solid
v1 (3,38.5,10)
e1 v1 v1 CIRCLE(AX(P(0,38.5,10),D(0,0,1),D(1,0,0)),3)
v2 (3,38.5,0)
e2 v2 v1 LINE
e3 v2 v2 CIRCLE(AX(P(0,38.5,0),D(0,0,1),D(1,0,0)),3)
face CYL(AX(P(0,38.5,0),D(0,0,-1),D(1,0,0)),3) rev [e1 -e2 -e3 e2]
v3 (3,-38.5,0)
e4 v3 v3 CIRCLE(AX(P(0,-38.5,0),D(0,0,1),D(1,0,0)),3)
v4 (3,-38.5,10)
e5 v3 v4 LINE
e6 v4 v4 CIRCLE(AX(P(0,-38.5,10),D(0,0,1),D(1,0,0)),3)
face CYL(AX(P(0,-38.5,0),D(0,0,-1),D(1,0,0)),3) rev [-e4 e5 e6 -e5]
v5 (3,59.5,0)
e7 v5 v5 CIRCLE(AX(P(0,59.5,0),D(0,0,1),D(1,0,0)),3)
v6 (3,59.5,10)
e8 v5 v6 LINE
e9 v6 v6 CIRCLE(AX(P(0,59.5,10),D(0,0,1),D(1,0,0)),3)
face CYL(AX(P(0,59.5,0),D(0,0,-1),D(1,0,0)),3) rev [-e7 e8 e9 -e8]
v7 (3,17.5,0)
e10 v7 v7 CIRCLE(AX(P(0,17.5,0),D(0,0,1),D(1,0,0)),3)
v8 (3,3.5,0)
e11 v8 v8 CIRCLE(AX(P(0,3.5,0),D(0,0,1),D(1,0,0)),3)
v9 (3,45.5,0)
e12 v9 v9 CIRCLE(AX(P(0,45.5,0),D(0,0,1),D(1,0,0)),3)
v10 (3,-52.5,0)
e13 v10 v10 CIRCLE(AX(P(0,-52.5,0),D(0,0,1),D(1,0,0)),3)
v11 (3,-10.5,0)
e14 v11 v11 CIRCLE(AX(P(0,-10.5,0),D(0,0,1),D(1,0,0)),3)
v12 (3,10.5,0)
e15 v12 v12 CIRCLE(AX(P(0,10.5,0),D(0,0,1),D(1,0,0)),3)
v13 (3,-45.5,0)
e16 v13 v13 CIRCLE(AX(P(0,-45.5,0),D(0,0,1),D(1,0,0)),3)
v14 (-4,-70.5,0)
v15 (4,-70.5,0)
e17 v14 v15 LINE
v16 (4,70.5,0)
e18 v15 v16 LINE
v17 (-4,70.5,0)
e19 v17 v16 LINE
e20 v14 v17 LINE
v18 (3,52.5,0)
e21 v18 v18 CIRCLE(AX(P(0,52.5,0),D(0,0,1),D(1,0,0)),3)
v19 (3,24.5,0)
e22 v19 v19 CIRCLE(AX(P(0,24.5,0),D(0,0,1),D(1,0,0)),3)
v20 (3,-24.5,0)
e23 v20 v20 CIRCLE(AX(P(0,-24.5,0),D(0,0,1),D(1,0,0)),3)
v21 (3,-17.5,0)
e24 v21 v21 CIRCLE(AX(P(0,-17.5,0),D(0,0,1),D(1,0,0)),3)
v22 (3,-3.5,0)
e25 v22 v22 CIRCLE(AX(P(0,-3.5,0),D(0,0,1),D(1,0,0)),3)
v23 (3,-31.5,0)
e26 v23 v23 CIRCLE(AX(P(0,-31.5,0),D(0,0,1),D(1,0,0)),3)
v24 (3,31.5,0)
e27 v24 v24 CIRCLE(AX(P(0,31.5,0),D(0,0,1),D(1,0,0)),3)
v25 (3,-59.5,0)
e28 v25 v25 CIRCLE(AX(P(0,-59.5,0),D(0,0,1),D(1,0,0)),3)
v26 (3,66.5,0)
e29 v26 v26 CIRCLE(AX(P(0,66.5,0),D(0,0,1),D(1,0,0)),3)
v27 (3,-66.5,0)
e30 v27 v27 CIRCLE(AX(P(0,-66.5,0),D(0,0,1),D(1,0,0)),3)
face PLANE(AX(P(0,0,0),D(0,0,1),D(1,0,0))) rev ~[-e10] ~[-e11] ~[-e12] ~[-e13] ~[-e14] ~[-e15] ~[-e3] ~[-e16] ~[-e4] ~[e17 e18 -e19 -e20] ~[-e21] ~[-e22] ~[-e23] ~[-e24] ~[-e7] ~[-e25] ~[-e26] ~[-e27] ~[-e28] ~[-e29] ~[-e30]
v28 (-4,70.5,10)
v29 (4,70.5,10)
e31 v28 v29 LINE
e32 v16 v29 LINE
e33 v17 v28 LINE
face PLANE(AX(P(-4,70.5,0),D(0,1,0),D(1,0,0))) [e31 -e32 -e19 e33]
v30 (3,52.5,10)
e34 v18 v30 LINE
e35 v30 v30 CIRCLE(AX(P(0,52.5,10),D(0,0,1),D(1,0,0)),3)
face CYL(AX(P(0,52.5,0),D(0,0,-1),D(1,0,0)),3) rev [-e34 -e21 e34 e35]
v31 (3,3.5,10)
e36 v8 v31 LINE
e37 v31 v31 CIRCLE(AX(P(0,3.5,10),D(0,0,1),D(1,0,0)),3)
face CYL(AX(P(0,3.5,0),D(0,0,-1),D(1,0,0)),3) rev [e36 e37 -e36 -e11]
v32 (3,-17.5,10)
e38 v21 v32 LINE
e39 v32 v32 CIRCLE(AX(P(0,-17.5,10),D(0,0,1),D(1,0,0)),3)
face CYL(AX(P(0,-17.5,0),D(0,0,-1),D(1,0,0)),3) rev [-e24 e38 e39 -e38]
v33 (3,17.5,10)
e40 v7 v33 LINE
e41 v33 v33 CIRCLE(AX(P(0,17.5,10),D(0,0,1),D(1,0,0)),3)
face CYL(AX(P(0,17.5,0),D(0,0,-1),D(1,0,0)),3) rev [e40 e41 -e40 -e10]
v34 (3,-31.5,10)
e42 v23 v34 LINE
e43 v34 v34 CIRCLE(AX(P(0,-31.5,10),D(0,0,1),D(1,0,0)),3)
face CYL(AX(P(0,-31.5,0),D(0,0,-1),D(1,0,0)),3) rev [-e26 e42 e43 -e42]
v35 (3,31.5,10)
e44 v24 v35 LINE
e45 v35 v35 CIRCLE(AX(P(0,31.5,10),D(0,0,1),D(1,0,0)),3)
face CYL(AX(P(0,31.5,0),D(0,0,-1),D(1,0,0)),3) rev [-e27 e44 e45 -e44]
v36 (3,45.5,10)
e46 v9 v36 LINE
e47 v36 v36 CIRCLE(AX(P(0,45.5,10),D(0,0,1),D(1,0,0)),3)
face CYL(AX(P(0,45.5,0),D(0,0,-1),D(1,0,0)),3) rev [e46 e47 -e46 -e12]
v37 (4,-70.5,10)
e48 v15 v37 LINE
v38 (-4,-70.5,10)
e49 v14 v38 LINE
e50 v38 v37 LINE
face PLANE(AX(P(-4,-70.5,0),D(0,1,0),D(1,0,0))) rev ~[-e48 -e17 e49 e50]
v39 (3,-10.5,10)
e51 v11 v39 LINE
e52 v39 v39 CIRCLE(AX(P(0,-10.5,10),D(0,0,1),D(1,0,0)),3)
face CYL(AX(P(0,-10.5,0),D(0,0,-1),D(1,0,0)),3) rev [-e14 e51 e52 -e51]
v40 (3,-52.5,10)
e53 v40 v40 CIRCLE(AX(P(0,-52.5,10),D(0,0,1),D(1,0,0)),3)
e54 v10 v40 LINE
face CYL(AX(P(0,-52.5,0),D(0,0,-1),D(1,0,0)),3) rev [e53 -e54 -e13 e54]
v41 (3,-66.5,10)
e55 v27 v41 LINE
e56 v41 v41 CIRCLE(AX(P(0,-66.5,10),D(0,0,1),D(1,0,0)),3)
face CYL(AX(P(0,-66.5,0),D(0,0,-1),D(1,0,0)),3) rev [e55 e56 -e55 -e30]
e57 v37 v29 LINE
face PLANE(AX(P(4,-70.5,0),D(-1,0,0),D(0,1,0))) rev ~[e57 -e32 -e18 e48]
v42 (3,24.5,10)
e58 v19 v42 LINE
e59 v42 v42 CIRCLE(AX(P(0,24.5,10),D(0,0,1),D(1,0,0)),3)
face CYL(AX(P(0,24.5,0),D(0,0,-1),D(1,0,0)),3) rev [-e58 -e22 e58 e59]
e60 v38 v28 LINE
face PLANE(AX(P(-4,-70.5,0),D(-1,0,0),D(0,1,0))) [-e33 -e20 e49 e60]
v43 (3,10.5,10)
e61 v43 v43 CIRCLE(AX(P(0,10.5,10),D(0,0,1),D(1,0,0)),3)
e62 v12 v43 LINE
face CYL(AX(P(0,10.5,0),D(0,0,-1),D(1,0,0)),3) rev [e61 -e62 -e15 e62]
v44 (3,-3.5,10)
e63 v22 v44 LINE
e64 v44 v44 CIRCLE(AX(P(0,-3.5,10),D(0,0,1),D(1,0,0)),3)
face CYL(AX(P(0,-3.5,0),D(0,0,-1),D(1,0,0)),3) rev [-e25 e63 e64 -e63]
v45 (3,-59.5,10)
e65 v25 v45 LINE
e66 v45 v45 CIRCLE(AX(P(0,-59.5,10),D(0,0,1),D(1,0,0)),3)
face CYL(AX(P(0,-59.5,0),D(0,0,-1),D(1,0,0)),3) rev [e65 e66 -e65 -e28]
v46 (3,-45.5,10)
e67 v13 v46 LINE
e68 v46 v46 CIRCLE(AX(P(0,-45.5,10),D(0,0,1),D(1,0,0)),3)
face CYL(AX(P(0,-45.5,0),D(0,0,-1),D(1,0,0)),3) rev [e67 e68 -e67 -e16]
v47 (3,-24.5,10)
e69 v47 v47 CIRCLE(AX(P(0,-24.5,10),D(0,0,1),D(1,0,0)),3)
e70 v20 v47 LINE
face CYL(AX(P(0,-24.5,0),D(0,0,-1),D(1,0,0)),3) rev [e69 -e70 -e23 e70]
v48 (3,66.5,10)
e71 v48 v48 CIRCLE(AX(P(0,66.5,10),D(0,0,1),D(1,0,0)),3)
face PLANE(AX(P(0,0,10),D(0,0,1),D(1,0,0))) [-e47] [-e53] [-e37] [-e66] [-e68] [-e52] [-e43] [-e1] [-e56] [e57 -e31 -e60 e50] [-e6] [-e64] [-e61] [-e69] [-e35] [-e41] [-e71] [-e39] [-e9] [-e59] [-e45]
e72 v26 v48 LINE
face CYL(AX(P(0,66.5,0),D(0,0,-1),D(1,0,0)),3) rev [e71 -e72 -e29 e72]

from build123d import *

# Parameters (mm, degrees)
F0_W     = 8
F0_H     = 141
F0_R     = 3
F1_DEPTH = 10


with BuildPart() as f1:
    # F0 (on Top) → F1 (new body)
    with BuildSketch(Plane.XY):
        Rectangle(F0_W, F0_H)
        with Locations((0, -66.5)):
            Circle(F0_R, mode=Mode.SUBTRACT)
        with Locations((0, -59.5)):
            Circle(F0_R, mode=Mode.SUBTRACT)
        with Locations((0, -52.5)):
            Circle(F0_R, mode=Mode.SUBTRACT)
        with Locations((0, -45.5)):
            Circle(F0_R, mode=Mode.SUBTRACT)
        with Locations((0, -38.5)):
            Circle(F0_R, mode=Mode.SUBTRACT)
        with Locations((0, -31.5)):
            Circle(F0_R, mode=Mode.SUBTRACT)
        with Locations((0, -24.5)):
            Circle(F0_R, mode=Mode.SUBTRACT)
        with Locations((0, -17.5)):
            Circle(F0_R, mode=Mode.SUBTRACT)
        with Locations((0, -10.5)):
            Circle(F0_R, mode=Mode.SUBTRACT)
        with Locations((0, -3.5)):
            Circle(F0_R, mode=Mode.SUBTRACT)
        with Locations((0, 3.5)):
            Circle(F0_R, mode=Mode.SUBTRACT)
        with Locations((0, 10.5)):
            Circle(F0_R, mode=Mode.SUBTRACT)
        with Locations((0, 17.5)):
            Circle(F0_R, mode=Mode.SUBTRACT)
        with Locations((0, 24.5)):
            Circle(F0_R, mode=Mode.SUBTRACT)
        with Locations((0, 31.5)):
            Circle(F0_R, mode=Mode.SUBTRACT)
        with Locations((0, 38.5)):
            Circle(F0_R, mode=Mode.SUBTRACT)
        with Locations((0, 45.5)):
            Circle(F0_R, mode=Mode.SUBTRACT)
        with Locations((0, 52.5)):
            Circle(F0_R, mode=Mode.SUBTRACT)
        with Locations((0, 59.5)):
            Circle(F0_R, mode=Mode.SUBTRACT)
        with Locations((0, 66.5)):
            Circle(F0_R, mode=Mode.SUBTRACT)
    extrude(amount=F1_DEPTH)


solid = f1.part
